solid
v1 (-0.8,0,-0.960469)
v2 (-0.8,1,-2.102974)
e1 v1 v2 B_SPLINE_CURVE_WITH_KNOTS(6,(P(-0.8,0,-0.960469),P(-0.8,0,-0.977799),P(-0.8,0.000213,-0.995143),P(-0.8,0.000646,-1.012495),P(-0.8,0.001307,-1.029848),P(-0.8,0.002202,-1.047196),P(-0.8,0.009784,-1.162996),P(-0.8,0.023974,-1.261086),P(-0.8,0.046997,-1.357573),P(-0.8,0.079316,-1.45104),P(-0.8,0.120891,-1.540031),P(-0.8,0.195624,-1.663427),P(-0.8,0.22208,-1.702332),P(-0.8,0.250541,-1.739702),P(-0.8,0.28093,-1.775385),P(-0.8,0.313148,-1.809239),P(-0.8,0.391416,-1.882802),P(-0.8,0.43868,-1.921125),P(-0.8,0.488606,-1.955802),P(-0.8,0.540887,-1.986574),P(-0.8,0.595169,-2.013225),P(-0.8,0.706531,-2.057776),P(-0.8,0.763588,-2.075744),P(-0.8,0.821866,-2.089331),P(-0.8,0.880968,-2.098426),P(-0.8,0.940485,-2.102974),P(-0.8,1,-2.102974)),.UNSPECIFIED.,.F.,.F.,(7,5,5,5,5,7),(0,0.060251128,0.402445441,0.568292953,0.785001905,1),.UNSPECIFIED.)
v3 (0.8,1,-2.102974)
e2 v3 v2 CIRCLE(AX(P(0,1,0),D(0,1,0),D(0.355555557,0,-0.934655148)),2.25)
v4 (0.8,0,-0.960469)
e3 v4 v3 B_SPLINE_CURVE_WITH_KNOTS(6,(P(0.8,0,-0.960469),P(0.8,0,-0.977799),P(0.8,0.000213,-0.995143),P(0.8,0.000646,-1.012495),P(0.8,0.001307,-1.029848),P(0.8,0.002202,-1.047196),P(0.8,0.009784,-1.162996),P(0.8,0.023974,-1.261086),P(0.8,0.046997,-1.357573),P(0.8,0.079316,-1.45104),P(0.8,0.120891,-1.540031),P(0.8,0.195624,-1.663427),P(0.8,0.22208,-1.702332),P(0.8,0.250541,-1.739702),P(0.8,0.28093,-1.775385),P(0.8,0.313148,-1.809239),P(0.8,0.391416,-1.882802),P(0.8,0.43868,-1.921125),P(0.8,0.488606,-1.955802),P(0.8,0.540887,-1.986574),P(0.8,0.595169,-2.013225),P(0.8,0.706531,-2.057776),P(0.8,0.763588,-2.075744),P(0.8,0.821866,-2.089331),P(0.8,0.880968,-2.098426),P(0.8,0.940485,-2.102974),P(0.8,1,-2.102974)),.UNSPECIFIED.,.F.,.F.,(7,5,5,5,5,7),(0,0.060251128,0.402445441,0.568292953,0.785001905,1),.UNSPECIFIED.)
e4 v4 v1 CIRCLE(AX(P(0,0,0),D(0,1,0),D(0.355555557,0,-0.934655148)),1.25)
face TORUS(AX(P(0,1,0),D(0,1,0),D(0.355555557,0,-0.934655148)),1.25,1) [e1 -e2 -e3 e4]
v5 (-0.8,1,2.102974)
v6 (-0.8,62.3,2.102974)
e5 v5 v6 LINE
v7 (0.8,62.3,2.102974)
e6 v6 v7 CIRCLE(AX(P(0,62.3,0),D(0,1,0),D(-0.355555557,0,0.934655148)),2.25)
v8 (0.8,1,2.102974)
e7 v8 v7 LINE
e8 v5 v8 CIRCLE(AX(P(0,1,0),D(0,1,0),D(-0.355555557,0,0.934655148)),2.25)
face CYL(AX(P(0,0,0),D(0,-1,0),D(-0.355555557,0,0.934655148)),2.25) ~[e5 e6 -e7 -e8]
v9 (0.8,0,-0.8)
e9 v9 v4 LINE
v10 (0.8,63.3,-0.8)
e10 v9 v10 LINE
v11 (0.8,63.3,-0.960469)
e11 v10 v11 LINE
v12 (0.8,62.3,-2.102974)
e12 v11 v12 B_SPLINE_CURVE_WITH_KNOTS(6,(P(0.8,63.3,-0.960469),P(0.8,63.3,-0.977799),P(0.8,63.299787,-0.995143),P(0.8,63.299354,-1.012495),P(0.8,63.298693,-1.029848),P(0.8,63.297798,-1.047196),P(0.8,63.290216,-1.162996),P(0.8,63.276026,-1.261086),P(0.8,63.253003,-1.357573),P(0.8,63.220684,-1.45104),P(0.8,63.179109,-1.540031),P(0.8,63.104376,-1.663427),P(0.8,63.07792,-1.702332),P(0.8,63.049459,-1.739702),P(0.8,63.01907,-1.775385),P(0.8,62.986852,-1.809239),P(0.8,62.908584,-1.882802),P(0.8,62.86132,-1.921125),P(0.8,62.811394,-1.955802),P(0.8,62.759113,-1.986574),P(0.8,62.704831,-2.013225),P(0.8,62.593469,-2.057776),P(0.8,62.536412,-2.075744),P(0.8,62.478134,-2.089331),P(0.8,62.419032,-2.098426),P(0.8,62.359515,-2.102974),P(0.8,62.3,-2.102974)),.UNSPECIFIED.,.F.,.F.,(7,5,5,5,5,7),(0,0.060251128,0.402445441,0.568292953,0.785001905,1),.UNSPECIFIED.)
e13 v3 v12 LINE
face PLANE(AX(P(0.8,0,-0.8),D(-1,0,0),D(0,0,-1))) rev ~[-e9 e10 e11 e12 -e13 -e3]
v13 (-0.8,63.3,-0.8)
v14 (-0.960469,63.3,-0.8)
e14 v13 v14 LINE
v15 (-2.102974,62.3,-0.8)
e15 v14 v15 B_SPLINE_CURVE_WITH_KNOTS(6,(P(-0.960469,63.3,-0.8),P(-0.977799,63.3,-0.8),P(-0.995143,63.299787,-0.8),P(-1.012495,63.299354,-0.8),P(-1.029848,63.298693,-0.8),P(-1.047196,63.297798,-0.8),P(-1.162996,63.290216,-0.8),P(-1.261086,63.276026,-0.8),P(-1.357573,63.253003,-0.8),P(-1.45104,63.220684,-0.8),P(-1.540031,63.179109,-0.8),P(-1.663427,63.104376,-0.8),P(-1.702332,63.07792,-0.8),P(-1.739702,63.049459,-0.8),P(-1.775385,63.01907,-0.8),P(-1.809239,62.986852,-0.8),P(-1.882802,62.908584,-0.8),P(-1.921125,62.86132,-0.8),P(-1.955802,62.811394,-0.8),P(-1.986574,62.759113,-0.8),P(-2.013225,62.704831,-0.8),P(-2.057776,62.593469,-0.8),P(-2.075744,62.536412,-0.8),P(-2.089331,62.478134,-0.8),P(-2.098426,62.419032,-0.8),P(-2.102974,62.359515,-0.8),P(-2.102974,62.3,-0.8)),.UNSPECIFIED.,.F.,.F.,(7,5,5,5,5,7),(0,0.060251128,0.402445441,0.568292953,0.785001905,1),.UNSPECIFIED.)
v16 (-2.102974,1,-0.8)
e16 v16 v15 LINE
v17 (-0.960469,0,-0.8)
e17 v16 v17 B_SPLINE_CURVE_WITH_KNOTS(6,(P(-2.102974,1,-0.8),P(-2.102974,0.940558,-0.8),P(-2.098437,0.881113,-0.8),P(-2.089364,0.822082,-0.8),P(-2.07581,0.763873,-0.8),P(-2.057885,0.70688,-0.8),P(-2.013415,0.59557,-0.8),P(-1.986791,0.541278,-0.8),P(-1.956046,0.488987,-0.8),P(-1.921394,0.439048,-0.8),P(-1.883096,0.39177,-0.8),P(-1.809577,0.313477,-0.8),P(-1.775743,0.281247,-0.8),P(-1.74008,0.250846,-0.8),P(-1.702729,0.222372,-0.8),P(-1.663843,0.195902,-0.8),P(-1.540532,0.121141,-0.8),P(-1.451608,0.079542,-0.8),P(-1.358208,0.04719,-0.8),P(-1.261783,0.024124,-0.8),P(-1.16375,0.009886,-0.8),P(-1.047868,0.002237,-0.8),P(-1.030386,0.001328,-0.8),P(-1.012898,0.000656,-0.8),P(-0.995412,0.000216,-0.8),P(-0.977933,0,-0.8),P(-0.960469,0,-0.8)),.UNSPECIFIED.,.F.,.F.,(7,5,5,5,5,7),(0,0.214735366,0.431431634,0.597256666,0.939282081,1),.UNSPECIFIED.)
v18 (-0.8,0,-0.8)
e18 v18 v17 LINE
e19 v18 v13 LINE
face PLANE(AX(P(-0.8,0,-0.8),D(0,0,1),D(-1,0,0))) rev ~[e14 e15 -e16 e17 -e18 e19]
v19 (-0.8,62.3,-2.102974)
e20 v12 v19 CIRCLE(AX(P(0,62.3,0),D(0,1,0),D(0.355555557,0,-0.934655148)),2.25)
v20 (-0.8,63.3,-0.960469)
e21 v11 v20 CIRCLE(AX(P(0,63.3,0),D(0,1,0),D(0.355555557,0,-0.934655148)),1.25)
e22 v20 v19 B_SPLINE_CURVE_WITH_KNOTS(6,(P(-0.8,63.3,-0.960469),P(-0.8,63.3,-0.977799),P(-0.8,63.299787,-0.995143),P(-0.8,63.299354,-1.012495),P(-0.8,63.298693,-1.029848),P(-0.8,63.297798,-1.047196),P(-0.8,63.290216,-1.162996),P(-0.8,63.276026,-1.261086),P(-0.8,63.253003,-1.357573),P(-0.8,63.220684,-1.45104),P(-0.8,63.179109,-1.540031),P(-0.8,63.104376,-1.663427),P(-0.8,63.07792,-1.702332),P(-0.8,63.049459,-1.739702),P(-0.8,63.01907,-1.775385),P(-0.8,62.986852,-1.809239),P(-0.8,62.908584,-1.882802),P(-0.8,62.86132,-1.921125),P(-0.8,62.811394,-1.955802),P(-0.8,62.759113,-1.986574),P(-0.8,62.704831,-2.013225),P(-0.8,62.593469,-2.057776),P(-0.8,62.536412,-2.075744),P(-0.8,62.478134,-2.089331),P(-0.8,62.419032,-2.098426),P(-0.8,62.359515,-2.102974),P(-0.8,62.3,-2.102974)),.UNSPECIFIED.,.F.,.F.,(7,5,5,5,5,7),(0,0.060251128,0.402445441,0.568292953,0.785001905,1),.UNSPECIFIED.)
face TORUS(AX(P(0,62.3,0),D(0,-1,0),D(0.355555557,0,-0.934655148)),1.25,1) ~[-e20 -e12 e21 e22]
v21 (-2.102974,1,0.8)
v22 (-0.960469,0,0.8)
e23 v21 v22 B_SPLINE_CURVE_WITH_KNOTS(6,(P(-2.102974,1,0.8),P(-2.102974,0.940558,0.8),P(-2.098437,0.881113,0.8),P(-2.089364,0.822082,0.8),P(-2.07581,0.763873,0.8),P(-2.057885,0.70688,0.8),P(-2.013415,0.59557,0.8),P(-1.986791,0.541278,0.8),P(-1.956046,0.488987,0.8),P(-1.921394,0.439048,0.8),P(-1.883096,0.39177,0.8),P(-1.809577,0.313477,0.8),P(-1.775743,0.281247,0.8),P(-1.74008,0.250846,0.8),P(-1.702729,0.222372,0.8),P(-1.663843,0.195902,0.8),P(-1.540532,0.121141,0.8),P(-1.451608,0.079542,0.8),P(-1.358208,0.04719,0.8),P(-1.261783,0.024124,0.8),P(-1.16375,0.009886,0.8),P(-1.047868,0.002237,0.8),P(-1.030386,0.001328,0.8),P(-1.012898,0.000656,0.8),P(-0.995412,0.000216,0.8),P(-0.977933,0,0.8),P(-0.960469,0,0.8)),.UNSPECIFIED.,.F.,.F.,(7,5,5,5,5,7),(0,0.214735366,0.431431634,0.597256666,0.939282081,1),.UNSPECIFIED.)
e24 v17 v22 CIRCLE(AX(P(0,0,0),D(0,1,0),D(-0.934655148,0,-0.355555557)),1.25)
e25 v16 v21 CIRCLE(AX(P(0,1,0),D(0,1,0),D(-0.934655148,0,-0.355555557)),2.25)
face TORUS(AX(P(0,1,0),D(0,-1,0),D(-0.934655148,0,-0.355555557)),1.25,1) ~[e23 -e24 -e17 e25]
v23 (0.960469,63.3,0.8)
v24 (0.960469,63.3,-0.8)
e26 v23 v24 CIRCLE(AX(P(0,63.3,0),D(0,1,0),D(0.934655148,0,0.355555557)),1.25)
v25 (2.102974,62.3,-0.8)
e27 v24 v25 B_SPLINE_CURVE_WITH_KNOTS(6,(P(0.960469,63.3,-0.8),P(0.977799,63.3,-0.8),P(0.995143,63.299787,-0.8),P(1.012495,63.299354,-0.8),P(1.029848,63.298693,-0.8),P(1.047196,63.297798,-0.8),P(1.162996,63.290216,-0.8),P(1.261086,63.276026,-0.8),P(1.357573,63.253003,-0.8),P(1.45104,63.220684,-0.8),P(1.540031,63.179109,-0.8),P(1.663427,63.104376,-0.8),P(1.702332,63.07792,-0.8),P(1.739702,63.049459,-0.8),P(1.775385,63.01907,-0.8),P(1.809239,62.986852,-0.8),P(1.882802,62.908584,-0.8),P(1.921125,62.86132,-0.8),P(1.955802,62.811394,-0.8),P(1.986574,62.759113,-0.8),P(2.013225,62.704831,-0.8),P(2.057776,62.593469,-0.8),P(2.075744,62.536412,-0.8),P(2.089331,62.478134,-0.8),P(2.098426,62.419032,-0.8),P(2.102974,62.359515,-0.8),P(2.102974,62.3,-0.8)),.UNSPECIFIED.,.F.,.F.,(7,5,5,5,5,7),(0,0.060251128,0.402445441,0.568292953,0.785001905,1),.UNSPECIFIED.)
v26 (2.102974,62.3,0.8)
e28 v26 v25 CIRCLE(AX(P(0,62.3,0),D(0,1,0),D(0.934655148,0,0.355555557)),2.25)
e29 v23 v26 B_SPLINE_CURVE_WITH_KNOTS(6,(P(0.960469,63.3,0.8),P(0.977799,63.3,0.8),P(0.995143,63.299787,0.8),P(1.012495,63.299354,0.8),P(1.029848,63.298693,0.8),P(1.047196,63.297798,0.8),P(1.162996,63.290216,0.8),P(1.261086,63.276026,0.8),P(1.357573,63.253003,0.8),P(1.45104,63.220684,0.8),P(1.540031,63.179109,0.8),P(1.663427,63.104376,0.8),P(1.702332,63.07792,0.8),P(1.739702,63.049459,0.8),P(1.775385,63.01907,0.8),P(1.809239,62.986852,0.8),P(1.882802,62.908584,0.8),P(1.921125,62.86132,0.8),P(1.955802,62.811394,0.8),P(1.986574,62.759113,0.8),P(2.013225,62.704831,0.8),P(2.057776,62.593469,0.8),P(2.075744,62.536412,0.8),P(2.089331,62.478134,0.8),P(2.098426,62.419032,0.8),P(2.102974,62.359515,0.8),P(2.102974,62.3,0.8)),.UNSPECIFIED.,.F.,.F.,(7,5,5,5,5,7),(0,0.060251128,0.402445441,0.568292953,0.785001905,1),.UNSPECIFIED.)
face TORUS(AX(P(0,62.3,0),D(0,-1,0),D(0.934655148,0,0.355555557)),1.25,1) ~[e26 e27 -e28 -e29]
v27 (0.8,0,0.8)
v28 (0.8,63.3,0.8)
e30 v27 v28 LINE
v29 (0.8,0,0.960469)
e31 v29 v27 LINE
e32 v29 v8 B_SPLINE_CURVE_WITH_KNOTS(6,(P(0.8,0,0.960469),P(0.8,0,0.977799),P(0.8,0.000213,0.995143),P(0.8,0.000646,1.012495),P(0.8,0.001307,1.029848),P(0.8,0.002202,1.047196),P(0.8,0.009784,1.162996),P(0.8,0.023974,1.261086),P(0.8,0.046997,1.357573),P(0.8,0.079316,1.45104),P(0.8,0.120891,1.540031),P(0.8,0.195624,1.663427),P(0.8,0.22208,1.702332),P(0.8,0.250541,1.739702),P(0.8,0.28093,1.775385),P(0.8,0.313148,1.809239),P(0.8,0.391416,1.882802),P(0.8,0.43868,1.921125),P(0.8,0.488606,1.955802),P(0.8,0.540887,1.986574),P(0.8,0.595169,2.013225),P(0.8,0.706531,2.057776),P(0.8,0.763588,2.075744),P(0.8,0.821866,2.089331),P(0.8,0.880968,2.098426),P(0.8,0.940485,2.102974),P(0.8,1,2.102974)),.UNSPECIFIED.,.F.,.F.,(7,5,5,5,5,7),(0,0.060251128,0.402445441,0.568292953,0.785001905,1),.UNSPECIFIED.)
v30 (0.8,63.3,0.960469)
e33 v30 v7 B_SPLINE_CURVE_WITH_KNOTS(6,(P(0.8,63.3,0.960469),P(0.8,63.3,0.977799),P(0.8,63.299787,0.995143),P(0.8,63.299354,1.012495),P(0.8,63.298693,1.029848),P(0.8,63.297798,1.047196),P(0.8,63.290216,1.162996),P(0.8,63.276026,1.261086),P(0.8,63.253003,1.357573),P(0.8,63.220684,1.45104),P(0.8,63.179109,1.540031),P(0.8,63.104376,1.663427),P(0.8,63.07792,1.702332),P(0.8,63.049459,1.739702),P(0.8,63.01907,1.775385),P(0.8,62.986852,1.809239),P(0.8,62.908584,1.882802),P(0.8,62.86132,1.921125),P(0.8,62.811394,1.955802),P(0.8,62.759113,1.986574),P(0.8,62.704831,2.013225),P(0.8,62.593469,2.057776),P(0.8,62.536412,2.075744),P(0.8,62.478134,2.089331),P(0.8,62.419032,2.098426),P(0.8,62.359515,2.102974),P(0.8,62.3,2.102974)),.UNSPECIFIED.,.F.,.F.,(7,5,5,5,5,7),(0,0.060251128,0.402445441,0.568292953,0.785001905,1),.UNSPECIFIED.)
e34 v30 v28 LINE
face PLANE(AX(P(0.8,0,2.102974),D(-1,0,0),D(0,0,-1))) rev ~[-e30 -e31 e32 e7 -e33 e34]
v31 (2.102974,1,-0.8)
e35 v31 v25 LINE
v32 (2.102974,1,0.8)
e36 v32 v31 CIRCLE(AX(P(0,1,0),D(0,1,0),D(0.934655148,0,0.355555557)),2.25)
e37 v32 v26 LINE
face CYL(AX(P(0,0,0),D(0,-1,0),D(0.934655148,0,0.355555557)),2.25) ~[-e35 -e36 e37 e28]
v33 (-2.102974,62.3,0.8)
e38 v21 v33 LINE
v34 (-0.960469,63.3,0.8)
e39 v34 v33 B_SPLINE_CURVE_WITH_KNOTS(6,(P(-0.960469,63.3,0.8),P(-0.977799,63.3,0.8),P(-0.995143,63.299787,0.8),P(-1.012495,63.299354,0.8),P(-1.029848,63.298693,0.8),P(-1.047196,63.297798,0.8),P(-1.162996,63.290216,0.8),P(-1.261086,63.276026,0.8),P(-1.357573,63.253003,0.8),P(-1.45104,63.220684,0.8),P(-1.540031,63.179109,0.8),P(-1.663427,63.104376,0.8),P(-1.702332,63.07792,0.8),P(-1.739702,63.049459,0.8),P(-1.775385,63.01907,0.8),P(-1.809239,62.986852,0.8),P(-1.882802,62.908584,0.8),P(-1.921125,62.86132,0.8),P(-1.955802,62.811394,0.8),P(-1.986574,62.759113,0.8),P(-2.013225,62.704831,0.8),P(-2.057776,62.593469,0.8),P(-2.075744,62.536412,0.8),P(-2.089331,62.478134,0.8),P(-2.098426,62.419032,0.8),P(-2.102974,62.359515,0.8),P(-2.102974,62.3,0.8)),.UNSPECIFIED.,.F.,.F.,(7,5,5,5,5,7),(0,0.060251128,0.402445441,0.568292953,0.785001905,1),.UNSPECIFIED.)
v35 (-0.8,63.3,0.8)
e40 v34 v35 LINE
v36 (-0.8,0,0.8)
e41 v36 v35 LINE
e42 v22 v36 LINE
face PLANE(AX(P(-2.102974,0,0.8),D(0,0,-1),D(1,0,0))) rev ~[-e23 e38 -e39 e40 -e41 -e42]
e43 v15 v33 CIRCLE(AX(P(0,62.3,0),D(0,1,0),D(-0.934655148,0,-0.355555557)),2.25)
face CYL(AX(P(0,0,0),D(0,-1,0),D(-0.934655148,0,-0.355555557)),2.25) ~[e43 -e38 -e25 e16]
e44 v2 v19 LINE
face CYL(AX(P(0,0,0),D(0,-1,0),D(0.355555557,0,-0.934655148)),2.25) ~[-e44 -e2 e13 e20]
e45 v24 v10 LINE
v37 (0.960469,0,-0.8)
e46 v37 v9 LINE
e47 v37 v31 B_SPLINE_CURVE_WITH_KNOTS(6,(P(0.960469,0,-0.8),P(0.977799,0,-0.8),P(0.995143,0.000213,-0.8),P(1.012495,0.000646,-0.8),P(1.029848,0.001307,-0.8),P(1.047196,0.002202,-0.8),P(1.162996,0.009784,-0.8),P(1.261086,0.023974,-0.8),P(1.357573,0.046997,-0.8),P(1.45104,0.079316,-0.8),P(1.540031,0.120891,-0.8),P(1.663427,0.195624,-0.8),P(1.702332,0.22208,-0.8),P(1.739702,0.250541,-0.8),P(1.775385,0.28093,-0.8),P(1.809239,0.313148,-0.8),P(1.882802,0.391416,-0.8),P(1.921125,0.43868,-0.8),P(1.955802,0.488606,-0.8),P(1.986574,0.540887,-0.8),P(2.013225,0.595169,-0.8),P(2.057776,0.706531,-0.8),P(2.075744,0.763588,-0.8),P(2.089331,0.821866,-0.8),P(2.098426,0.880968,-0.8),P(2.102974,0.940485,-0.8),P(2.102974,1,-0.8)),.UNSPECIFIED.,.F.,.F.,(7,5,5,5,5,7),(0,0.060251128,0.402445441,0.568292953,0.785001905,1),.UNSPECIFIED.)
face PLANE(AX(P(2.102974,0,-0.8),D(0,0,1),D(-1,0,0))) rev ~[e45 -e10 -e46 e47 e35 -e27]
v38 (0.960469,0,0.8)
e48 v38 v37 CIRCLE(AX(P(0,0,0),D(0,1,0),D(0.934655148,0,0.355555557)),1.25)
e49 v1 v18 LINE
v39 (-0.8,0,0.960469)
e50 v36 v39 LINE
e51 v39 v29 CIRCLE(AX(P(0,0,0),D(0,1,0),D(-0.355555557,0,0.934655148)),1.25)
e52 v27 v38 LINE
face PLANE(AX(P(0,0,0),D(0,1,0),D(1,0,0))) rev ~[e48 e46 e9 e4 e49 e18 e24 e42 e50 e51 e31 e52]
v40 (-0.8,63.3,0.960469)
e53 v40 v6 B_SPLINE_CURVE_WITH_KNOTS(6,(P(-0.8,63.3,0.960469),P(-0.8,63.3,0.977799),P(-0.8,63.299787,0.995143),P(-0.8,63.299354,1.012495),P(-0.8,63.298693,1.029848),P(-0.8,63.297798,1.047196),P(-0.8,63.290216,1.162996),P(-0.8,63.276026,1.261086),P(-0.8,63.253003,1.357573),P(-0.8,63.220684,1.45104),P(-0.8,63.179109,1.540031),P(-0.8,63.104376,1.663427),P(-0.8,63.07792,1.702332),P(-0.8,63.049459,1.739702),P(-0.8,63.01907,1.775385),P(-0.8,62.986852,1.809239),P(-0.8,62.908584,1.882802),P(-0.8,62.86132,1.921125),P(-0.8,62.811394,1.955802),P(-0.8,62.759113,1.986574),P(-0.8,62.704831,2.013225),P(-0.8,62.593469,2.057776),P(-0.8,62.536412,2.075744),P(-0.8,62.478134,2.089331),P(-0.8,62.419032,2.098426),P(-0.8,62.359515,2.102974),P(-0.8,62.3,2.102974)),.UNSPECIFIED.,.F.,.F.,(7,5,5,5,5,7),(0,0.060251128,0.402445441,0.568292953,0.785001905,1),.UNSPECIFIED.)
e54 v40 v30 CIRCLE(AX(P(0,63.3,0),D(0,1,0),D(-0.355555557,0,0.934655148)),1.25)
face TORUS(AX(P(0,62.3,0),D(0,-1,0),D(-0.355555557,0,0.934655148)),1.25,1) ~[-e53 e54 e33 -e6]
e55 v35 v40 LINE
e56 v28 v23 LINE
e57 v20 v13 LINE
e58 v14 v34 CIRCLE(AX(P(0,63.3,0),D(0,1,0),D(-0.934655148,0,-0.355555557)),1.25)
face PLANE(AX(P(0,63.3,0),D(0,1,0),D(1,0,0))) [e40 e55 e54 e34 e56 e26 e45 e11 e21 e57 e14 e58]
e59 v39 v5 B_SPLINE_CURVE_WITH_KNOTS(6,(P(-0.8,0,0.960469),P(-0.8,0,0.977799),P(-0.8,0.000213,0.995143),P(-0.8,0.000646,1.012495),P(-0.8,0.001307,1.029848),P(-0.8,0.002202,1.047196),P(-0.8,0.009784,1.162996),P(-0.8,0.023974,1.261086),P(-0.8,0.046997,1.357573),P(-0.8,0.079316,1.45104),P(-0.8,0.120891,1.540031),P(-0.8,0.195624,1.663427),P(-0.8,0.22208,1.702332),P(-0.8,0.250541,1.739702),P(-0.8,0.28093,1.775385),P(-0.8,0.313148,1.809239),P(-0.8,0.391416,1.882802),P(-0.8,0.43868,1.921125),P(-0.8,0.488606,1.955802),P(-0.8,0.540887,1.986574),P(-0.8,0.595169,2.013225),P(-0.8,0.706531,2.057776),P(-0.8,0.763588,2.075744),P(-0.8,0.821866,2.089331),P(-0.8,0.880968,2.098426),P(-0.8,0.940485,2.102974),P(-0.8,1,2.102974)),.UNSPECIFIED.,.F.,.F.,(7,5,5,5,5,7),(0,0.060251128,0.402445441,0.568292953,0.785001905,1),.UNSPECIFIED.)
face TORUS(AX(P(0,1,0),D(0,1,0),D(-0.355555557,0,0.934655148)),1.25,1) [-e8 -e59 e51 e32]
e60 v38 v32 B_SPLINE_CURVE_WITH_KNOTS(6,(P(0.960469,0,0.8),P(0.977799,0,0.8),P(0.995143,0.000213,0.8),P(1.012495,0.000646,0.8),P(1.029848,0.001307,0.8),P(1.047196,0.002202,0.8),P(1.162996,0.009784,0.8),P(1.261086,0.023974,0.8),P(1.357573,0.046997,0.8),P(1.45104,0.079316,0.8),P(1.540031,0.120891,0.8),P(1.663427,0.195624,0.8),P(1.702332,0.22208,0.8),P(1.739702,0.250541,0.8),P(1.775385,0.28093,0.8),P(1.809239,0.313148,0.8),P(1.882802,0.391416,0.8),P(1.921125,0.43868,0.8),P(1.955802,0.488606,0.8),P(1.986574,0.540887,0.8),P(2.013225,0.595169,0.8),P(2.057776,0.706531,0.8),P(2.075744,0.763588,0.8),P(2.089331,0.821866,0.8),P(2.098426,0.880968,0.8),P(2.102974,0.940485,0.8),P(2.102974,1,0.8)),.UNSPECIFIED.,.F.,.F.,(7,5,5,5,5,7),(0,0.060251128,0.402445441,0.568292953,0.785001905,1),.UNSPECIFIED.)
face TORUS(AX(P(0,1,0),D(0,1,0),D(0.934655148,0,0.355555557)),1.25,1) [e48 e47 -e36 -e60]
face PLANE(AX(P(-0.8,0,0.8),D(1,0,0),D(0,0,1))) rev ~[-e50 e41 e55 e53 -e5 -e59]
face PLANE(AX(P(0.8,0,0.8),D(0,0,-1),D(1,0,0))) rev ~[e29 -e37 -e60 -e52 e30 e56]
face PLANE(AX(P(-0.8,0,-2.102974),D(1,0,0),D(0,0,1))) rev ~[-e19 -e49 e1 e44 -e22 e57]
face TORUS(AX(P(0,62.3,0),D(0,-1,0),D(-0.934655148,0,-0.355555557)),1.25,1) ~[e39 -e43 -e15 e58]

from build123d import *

# Parameters (mm, degrees)
BOSS_EXTRUDE1_DEPTH = 63.3
FILLET1_R           = 1
FILLET2_R           = 1
FILLET3_R           = 1
FILLET4_R           = 1
FILLET20_R          = 1
FILLET21_R          = 1
FILLET22_R          = 1
FILLET23_R          = 1


with BuildPart() as part:
    # Sketch1 → Boss-Extrude1 (new body)
    with BuildSketch(Plane(origin=(0, 0, 0), x_dir=(1, 0, 0), z_dir=(0, 1, 0))):
        with BuildLine():
            Line((-0.8, -0.8), (-0.8, -2.102974084))
            ThreePointArc((-0.8, -2.102974084), (0, -2.25), (0.8, -2.102974084))
            Line((0.8, -2.102974084), (0.8, -0.8))
            Line((0.8, -0.8), (2.102974084, -0.8))
            ThreePointArc((2.102974084, -0.8), (2.25, 0), (2.102974084, 0.8))
            Line((2.102974084, 0.8), (0.8, 0.8))
            Line((0.8, 0.8), (0.8, 2.102974084))
            ThreePointArc((0.8, 2.102974084), (0, 2.25), (-0.8, 2.102974084))
            Line((-0.8, 2.102974084), (-0.8, 0.8))
            Line((-0.8, 0.8), (-2.102974084, 0.8))
            ThreePointArc((-2.102974084, 0.8), (-2.25, 0), (-2.102974084, -0.8))
            Line((-2.102974084, -0.8), (-0.8, -0.8))
        make_face()
    extrude(amount=BOSS_EXTRUDE1_DEPTH)

    # Fillet1
    fillet1_edges = [part.edges().sort_by_distance(p)[0] for p in [
        (-2.25, 0, 0),
    ]]
    fillet(fillet1_edges, radius=FILLET1_R)

    # Fillet2
    fillet2_edges = [part.edges().sort_by_distance(p)[0] for p in [
        (0, 0, 2.25),
    ]]
    fillet(fillet2_edges, radius=FILLET2_R)

    # Fillet3
    fillet3_edges = [part.edges().sort_by_distance(p)[0] for p in [
        (2.25, 0, 0),
    ]]
    fillet(fillet3_edges, radius=FILLET3_R)

    # Fillet4
    fillet4_edges = [part.edges().sort_by_distance(p)[0] for p in [
        (0, 0, -2.25),
    ]]
    fillet(fillet4_edges, radius=FILLET4_R)

    # Fillet20
    fillet20_edges = [part.edges().sort_by_distance(p)[0] for p in [
        (2.25, 63.3, 0),
    ]]
    fillet(fillet20_edges, radius=FILLET20_R)

    # Fillet21
    fillet21_edges = [part.edges().sort_by_distance(p)[0] for p in [
        (0, 63.3, 2.25),
    ]]
    fillet(fillet21_edges, radius=FILLET21_R)

    # Fillet22
    fillet22_edges = [part.edges().sort_by_distance(p)[0] for p in [
        (-2.25, 63.3, 0),
    ]]
    fillet(fillet22_edges, radius=FILLET22_R)

    # Fillet23
    fillet23_edges = [part.edges().sort_by_distance(p)[0] for p in [
        (0, 63.3, -2.25),
    ]]
    fillet(fillet23_edges, radius=FILLET23_R)


solid = part.part
